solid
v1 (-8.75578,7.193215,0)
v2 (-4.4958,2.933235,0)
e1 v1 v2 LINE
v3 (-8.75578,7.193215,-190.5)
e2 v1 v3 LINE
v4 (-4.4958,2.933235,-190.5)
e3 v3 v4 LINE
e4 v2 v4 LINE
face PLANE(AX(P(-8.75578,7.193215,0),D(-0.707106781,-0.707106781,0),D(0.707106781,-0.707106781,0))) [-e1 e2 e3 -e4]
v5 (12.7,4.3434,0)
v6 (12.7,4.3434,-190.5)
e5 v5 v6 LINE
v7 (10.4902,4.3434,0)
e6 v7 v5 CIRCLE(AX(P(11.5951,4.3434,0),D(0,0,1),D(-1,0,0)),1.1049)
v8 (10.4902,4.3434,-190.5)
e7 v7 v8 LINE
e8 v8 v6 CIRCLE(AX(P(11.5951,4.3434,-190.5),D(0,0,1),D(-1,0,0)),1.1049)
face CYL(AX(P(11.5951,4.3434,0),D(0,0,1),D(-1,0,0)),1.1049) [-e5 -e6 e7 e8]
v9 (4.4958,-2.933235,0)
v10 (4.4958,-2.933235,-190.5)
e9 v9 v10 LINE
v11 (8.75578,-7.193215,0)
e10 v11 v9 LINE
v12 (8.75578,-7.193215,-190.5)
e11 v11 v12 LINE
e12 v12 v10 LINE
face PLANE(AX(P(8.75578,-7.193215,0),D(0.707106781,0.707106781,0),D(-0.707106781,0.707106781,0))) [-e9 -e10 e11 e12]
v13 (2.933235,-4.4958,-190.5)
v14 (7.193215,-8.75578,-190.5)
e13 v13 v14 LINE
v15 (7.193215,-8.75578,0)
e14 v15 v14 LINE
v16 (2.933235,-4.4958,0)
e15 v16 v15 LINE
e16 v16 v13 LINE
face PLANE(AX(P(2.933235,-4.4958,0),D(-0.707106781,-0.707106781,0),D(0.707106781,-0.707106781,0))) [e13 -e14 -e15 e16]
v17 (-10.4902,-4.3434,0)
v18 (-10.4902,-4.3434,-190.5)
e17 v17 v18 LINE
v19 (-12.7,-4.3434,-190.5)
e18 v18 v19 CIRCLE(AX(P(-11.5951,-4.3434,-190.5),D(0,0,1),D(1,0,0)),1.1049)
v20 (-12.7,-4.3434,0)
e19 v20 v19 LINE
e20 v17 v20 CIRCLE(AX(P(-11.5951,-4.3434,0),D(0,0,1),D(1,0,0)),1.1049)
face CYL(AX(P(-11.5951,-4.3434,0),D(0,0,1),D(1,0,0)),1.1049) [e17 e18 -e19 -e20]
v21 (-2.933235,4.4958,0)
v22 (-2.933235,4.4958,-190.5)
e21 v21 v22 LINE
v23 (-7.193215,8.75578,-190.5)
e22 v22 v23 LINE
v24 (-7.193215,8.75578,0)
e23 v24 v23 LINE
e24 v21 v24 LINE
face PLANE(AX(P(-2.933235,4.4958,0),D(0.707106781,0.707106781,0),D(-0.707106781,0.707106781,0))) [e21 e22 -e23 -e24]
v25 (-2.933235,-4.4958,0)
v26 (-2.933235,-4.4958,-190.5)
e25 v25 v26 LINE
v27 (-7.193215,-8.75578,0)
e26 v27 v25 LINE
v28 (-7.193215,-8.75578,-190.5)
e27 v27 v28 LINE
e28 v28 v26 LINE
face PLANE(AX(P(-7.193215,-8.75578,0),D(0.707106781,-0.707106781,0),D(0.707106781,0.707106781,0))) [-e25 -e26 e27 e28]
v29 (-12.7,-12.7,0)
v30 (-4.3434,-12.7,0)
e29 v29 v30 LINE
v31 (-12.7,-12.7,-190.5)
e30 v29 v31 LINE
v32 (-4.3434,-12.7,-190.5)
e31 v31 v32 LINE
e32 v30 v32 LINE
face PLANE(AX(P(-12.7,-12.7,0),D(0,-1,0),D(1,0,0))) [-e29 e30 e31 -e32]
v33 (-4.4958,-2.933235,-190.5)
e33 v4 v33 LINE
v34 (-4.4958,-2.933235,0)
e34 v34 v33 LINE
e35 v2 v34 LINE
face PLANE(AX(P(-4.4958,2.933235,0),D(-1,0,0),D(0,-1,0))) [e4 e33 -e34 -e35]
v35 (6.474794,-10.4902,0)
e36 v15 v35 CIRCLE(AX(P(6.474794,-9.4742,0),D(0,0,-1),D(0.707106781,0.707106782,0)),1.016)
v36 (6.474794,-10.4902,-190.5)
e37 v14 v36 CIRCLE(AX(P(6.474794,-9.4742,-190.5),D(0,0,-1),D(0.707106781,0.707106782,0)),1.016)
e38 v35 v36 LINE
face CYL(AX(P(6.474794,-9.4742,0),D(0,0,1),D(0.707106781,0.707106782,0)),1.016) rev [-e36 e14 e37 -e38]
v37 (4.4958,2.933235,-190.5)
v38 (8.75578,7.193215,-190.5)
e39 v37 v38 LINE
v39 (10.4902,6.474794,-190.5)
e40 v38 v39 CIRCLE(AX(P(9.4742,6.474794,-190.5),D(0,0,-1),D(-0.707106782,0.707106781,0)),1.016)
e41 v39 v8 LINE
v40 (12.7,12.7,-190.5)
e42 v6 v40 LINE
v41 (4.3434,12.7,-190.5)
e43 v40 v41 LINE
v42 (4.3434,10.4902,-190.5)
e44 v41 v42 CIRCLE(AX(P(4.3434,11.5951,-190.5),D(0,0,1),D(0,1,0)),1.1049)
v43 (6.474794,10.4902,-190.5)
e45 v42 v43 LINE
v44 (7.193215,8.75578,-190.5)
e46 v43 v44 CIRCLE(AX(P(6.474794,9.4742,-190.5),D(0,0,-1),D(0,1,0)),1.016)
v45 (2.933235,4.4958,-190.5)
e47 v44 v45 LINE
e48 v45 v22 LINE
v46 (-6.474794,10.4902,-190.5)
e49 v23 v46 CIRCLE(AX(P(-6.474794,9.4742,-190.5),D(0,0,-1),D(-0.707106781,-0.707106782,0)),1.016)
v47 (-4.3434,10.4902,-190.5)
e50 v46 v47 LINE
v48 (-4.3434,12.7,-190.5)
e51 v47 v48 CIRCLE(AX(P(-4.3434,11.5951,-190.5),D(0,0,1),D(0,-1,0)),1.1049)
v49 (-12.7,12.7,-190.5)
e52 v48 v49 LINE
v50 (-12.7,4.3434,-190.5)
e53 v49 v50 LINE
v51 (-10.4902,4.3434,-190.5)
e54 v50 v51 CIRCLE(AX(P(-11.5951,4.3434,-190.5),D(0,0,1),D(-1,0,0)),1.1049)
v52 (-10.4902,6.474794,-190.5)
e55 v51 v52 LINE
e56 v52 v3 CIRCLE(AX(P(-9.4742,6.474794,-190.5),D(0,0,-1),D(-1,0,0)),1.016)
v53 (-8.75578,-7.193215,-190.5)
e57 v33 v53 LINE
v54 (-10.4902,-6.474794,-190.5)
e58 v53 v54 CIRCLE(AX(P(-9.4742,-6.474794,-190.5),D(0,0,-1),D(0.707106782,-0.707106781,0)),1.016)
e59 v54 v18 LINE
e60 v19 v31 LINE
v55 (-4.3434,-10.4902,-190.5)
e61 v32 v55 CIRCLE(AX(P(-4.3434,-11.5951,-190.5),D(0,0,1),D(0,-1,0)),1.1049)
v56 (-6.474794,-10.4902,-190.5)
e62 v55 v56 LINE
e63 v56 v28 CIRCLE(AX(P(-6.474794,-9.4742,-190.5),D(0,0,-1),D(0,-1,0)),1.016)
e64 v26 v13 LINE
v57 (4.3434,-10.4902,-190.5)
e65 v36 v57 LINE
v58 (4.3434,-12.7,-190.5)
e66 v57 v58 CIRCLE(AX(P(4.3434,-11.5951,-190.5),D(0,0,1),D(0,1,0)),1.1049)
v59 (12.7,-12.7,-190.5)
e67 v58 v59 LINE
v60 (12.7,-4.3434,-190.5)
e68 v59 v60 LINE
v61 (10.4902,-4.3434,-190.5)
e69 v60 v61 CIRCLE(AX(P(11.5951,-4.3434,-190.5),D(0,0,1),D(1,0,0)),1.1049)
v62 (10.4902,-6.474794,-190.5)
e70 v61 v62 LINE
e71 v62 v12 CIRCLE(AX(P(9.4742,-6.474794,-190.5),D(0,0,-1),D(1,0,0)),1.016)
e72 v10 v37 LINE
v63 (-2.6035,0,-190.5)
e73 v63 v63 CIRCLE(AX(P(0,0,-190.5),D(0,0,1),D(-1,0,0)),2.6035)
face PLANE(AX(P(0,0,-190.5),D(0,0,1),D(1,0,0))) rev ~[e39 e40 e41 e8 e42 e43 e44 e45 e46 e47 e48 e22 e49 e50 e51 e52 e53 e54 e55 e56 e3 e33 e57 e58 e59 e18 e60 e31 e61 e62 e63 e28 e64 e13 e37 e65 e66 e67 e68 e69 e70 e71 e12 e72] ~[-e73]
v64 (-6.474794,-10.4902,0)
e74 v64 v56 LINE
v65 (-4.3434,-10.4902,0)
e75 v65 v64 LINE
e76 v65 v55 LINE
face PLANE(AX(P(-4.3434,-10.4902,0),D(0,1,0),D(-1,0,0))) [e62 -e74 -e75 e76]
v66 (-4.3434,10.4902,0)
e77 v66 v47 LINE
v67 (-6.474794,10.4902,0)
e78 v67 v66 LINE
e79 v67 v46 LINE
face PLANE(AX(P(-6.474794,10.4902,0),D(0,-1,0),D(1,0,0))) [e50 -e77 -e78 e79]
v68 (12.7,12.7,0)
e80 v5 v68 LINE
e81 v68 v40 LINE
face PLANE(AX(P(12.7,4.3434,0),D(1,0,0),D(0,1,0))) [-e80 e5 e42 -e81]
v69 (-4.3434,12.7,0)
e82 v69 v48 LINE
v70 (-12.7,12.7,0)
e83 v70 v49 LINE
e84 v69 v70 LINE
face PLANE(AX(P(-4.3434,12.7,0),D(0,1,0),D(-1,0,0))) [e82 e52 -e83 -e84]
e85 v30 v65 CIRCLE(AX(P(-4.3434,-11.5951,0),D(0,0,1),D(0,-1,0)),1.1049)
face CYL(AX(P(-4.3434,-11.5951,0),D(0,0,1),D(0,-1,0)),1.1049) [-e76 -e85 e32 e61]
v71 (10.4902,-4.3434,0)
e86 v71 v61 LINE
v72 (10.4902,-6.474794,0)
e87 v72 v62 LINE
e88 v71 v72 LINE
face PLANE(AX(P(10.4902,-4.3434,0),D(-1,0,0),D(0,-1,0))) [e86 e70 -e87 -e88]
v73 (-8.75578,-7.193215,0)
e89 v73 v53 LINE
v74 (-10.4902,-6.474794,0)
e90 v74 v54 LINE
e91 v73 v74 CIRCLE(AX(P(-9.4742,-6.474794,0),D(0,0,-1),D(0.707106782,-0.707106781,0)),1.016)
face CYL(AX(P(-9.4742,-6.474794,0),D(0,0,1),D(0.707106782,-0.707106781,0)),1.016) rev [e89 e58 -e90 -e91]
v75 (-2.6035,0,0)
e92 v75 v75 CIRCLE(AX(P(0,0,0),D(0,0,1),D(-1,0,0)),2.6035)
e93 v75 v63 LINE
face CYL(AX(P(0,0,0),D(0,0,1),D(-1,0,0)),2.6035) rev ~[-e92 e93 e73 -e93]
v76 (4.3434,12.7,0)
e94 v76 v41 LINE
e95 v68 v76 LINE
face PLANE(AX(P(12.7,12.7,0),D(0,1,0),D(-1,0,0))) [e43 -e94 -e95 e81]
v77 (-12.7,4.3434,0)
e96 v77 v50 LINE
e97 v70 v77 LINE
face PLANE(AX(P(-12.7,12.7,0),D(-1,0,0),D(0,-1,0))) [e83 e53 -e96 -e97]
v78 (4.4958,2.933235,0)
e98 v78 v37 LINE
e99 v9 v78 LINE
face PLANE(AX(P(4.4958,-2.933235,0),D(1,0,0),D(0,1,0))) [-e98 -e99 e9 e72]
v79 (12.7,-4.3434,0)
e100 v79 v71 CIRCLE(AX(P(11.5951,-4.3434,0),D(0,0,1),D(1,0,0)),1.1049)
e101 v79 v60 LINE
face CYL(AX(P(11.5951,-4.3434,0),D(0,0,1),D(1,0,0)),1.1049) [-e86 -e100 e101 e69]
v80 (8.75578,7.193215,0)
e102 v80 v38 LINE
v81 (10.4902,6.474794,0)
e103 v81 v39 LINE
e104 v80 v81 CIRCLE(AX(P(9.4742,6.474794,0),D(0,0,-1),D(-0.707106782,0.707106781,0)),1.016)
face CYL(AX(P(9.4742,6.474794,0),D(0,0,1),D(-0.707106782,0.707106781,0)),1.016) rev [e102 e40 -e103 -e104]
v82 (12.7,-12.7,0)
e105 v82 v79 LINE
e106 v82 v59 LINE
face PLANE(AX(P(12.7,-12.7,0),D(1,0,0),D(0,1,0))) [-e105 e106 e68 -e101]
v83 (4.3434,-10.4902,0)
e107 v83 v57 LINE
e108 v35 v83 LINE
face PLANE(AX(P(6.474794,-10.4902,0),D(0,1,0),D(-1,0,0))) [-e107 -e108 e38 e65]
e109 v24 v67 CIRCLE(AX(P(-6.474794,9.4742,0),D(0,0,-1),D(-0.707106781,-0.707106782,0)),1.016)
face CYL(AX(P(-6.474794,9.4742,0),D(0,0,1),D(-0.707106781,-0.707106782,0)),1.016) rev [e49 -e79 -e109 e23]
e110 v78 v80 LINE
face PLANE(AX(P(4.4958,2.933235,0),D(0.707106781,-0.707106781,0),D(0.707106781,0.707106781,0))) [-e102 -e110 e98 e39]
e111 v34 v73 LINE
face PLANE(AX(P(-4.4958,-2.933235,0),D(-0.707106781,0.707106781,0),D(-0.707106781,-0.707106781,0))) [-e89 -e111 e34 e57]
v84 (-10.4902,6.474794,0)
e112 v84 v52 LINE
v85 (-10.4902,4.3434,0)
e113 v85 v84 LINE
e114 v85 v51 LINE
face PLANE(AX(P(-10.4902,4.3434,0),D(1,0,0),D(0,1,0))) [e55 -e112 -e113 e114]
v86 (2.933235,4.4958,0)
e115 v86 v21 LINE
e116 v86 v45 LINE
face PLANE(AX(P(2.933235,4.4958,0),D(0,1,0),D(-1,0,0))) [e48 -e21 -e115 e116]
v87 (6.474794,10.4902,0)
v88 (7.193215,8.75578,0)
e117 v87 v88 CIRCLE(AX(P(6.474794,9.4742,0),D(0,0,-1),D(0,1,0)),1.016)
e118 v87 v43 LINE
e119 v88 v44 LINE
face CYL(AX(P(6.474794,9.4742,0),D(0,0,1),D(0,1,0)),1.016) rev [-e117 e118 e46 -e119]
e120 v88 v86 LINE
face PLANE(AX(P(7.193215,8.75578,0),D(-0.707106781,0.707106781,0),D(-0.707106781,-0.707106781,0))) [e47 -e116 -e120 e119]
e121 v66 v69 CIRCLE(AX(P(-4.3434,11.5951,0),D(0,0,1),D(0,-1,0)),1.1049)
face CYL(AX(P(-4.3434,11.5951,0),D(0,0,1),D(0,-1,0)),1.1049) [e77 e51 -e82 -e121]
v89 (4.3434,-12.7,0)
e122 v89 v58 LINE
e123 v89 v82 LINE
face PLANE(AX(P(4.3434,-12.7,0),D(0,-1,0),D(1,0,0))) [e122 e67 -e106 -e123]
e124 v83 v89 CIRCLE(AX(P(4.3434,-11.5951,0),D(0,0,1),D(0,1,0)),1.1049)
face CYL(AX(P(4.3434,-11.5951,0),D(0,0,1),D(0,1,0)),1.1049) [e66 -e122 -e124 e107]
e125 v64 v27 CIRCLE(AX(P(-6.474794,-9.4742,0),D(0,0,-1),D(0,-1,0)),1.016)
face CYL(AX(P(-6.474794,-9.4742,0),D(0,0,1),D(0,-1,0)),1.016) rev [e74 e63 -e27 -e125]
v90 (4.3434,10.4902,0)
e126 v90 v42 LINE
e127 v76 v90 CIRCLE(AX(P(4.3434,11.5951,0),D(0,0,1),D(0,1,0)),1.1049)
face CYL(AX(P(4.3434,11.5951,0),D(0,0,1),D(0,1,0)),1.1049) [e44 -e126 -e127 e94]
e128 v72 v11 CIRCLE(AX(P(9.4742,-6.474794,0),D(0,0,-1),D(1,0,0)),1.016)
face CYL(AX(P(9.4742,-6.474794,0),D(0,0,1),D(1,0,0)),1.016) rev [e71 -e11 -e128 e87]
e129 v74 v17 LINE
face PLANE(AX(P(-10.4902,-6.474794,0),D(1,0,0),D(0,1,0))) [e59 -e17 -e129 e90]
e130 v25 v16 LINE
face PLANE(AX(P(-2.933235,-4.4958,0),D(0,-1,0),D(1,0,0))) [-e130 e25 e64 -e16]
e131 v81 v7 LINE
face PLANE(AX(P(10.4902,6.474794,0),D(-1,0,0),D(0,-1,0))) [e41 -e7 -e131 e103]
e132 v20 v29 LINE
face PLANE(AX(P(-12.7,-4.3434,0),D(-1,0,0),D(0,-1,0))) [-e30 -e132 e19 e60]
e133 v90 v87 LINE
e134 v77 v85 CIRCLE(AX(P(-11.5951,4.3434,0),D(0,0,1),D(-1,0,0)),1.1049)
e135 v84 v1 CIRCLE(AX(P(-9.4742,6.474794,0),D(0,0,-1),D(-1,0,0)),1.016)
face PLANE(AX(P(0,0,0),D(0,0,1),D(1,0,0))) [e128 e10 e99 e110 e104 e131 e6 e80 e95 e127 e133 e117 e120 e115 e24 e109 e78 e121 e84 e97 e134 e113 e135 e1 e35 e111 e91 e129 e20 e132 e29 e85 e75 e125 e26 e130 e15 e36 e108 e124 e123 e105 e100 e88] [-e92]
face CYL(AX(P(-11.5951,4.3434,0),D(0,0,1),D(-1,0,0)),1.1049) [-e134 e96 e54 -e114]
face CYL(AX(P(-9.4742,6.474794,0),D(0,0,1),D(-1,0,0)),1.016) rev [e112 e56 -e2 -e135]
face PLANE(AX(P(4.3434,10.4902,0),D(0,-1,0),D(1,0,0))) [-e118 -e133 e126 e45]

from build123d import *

# Parameters (mm, degrees)
SKETCH1_R           = 2.6035
BOSS_EXTRUDE1_DEPTH = 190.5


with BuildPart() as part:
    # Sketch1 → Boss-Extrude1 (new body)
    with BuildSketch(Plane.XY):
        with BuildLine():
            Line((-12.7, -12.7), (-4.343399971, -12.7))
            ThreePointArc((-4.343399971, -12.7), (-3.238499971, -11.5951), (-4.343399971, -10.4902))
            Line((-4.343399971, -10.4902), (-6.474794456, -10.4902))
            ThreePointArc((-6.474794456, -10.4902), (-7.413456061, -9.863006367), (-7.193214945, -8.75577951))
            Line((-7.193214945, -8.75577951), (-2.933235435, -4.4958))
            Line((-2.933235435, -4.4958), (2.933235435, -4.4958))
            Line((2.933235435, -4.4958), (7.193214945, -8.75577951))
            ThreePointArc((7.193214945, -8.75577951), (7.413456061, -9.863006367), (6.474794456, -10.4902))
            Line((6.474794456, -10.4902), (4.3434, -10.4902))
            ThreePointArc((4.3434, -10.4902), (3.2385, -11.5951), (4.3434, -12.7))
            Line((4.3434, -12.7), (12.7, -12.7))
            Line((12.7, -12.7), (12.7, -4.343399971))
            ThreePointArc((12.7, -4.343399971), (11.5951, -3.238499971), (10.4902, -4.343399971))
            Line((10.4902, -4.343399971), (10.4902, -6.474794456))
            ThreePointArc((10.4902, -6.474794456), (9.863006367, -7.413456061), (8.75577951, -7.193214945))
            Line((8.75577951, -7.193214945), (4.4958, -2.933235435))
            Line((4.4958, -2.933235435), (4.4958, 2.933235435))
            Line((4.4958, 2.933235435), (8.75577951, 7.193214945))
            ThreePointArc((8.75577951, 7.193214945), (9.863006367, 7.413456061), (10.4902, 6.474794456))
            Line((10.4902, 6.474794456), (10.4902, 4.3434))
            ThreePointArc((10.4902, 4.3434), (11.5951, 3.2385), (12.7, 4.3434))
            Line((12.7, 4.3434), (12.7, 12.7))
            Line((12.7, 12.7), (4.343399971, 12.7))
            ThreePointArc((4.343399971, 12.7), (3.238499971, 11.5951), (4.343399971, 10.4902))
            Line((4.343399971, 10.4902), (6.474794456, 10.4902))
            ThreePointArc((6.474794456, 10.4902), (7.413456061, 9.863006367), (7.193214945, 8.75577951))
            Line((7.193214945, 8.75577951), (2.933235435, 4.4958))
            Line((2.933235435, 4.4958), (-2.933235435, 4.4958))
            Line((-2.933235435, 4.4958), (-7.193214945, 8.75577951))
            ThreePointArc((-7.193214945, 8.75577951), (-7.413456061, 9.863006367), (-6.474794456, 10.4902))
            Line((-6.474794456, 10.4902), (-4.3434, 10.4902))
            ThreePointArc((-4.3434, 10.4902), (-3.2385, 11.5951), (-4.3434, 12.7))
            Line((-4.3434, 12.7), (-12.7, 12.7))
            Line((-12.7, 12.7), (-12.7, 4.343399971))
            ThreePointArc((-12.7, 4.343399971), (-11.5951, 3.238499971), (-10.4902, 4.343399971))
            Line((-10.4902, 4.343399971), (-10.4902, 6.474794456))
            ThreePointArc((-10.4902, 6.474794456), (-9.863006367, 7.413456061), (-8.75577951, 7.193214945))
            Line((-8.75577951, 7.193214945), (-4.4958, 2.933235435))
            Line((-4.4958, 2.933235435), (-4.4958, -2.933235435))
            Line((-4.4958, -2.933235435), (-8.75577951, -7.193214945))
            ThreePointArc((-8.75577951, -7.193214945), (-9.863006367, -7.413456061), (-10.4902, -6.474794456))
            Line((-10.4902, -6.474794456), (-10.4902, -4.3434))
            ThreePointArc((-10.4902, -4.3434), (-11.5951, -3.2385), (-12.7, -4.3434))
            Line((-12.7, -4.3434), (-12.7, -12.7))
        make_face()
        with Locations(Location((0, 0, 0), (0, 0, 180))):
            Circle(SKETCH1_R, mode=Mode.SUBTRACT)
    extrude(amount=-BOSS_EXTRUDE1_DEPTH)


solid = part.part
